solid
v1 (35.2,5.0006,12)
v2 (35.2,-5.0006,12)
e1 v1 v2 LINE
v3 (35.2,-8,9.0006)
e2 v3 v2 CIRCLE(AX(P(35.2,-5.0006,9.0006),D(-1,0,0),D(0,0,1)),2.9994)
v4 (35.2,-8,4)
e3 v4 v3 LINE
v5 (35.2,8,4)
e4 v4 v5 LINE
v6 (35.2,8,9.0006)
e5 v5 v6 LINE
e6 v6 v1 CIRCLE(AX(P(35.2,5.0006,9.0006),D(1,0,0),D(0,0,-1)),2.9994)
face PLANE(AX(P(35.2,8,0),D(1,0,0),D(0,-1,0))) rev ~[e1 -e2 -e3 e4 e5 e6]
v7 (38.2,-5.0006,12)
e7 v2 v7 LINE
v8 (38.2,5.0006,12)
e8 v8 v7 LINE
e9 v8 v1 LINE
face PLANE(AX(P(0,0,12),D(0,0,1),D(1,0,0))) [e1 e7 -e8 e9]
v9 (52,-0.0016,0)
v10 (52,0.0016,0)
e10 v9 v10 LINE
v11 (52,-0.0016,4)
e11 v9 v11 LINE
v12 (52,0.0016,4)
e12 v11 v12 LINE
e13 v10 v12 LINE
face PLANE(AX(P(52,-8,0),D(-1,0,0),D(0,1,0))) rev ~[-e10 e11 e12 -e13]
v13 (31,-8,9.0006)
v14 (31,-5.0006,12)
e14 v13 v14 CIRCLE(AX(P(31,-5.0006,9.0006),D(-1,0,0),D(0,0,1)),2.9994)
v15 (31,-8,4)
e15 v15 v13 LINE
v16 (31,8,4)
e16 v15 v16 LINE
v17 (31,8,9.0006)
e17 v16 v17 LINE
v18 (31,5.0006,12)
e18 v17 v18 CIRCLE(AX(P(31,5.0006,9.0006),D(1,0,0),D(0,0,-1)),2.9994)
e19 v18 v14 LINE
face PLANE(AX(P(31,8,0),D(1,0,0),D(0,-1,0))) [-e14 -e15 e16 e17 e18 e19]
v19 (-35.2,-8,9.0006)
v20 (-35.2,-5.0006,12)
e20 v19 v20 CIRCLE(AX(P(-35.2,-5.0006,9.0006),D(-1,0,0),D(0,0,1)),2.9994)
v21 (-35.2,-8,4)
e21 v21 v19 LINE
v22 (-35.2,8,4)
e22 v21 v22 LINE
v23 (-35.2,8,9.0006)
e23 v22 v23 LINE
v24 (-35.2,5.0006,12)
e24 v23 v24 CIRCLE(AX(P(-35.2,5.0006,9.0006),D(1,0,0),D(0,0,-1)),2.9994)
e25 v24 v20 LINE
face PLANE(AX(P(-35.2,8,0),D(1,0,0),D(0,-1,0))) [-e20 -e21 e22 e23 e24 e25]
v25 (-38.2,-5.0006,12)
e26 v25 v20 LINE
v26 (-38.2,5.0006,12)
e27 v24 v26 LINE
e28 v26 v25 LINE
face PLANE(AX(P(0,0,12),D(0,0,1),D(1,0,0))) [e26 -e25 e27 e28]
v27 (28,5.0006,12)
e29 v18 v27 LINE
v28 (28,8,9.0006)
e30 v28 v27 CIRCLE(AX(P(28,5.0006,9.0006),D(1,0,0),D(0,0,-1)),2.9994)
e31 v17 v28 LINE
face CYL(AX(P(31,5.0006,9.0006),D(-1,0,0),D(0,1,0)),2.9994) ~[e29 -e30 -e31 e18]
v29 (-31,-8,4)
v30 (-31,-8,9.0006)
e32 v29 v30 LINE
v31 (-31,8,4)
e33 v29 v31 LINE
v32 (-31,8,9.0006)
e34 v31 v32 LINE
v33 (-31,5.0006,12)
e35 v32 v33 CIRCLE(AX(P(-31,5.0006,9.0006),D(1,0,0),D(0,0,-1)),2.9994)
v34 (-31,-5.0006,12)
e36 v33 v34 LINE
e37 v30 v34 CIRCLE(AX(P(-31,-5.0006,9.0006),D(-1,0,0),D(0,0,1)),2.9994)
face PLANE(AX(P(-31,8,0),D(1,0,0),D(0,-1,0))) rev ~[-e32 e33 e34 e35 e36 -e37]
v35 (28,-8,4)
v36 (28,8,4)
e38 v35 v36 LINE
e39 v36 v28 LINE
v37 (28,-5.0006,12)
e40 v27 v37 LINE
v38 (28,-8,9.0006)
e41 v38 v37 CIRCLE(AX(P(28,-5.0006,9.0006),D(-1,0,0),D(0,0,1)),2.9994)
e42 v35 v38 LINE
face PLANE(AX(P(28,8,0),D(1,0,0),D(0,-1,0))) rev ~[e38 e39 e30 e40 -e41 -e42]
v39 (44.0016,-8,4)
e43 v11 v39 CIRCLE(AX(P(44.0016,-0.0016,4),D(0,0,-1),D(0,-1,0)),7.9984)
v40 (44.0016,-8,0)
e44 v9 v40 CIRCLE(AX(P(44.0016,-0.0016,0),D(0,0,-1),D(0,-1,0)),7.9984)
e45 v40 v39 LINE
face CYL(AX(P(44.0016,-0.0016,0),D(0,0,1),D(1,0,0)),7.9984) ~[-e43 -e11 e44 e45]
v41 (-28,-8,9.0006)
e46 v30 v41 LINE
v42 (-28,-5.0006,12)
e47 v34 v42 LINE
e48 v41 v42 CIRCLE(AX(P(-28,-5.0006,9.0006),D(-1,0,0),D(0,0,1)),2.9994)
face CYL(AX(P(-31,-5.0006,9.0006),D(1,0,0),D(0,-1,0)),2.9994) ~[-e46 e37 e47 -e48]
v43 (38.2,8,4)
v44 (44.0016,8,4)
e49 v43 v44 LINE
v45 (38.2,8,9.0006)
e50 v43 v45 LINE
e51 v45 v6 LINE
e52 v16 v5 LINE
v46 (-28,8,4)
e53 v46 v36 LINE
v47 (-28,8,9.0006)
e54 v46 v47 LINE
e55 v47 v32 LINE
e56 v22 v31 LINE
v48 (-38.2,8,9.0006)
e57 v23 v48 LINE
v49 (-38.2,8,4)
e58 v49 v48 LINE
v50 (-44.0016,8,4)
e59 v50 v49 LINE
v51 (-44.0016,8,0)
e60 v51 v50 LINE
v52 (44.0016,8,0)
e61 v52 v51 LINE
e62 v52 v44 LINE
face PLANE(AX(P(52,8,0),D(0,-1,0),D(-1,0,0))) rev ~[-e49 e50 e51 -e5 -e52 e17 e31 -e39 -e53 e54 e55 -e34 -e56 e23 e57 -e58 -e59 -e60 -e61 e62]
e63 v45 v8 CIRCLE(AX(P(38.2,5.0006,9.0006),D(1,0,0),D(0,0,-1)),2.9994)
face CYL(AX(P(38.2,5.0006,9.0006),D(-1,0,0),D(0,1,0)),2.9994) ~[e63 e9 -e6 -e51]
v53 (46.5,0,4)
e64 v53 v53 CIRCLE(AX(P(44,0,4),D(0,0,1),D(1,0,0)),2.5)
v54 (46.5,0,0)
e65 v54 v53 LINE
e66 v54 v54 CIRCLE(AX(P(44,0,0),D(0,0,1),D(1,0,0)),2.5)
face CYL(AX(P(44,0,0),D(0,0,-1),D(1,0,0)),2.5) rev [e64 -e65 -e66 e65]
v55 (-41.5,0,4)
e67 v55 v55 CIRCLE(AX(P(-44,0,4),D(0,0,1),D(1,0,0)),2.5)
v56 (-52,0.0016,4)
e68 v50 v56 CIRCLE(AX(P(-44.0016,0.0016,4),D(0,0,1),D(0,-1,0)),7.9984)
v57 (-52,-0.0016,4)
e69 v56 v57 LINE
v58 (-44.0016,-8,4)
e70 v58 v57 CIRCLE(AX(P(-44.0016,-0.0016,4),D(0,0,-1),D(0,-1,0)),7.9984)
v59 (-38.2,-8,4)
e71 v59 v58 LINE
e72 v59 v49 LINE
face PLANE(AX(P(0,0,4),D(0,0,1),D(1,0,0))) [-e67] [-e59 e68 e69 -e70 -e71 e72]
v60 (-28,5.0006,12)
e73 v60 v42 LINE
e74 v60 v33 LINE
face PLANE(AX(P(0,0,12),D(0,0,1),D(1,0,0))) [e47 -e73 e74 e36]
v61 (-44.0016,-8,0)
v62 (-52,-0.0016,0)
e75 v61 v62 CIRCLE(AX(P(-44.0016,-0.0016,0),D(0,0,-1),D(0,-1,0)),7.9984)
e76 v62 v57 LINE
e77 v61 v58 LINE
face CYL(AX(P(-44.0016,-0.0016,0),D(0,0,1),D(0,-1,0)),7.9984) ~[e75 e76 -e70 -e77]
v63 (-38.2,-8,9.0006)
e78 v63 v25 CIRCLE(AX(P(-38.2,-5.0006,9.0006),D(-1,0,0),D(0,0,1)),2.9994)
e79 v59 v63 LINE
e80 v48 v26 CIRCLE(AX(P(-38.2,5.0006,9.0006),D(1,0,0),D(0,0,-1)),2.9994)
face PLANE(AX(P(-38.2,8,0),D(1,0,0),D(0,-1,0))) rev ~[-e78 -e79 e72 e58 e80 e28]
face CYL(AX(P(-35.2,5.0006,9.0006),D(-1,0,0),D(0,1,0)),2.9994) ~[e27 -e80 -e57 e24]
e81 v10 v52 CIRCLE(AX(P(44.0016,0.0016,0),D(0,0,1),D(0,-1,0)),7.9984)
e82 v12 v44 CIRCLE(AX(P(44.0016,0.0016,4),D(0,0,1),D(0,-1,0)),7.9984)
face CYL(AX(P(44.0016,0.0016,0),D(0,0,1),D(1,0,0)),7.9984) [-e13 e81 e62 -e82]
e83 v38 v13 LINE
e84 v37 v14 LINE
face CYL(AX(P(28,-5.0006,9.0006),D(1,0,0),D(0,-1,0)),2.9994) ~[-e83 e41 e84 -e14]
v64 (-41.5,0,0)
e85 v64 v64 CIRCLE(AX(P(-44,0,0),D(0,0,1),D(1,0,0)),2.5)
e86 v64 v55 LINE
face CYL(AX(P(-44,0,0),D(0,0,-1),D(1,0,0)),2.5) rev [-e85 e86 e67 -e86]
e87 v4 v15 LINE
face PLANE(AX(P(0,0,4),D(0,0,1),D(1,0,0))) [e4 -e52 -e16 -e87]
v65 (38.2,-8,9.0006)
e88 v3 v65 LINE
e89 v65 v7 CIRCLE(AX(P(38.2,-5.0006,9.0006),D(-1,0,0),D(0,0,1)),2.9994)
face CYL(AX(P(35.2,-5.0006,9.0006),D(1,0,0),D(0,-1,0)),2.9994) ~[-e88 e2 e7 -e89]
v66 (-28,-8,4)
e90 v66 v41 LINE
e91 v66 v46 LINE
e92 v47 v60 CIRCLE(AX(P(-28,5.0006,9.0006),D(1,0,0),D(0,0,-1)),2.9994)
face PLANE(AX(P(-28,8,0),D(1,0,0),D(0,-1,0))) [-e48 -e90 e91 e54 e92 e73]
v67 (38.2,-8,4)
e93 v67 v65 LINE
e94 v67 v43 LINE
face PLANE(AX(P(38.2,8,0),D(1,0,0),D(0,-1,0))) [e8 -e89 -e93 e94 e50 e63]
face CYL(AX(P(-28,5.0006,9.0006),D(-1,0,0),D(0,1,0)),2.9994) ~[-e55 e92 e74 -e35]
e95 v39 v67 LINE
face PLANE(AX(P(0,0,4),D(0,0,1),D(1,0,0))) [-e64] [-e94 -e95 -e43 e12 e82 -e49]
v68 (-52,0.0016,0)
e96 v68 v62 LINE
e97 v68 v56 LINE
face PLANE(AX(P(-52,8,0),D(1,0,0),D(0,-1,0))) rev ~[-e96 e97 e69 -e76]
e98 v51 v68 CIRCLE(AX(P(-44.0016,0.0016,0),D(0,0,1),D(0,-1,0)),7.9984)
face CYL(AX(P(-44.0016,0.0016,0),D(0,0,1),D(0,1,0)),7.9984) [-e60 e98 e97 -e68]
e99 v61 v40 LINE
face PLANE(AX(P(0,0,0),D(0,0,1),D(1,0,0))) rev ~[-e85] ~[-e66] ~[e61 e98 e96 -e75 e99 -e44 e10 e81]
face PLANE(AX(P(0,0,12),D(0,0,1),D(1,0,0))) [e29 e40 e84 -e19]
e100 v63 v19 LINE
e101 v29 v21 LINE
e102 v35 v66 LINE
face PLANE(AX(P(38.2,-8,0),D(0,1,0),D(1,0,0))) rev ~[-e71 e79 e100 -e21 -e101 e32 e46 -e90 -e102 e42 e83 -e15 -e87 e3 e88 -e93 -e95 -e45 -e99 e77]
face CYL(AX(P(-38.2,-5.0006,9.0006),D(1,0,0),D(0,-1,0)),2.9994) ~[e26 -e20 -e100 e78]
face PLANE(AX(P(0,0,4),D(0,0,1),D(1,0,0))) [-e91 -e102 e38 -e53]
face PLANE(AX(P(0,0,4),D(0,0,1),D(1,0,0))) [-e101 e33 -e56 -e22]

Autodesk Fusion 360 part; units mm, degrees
sketch "Sketch1" plane through (0, 0, 0) normal (0, 0, 1) x (1, 0, 0)
  line L0 (52, 8) -> (-52, 8)
  line L1 (-52, 8) -> (-52, -8)
  line L2 (-52, -8) -> (52, -8)
  line L3 (52, -8) -> (52, 8)
  line L4 (52, 8) -> (-52, -8) construction
  line L5 (-52, 8) -> (52, -8) construction
  circle A0 centre (-44, 0) radius 2.5
  line L6 (-38.2, 8) -> (-38.2, -8)
  line L7 (-35.2, 8) -> (-35.2, -8)
  line L8 (-31, 8) -> (-31, -8)
  line L9 (-28, 8) -> (-28, -8)
  line L10 (0, 1.75) -> (0, 22.5)
  line L11 (28, 8) -> (28, -8)
  line L12 (31, 8) -> (31, -8)
  line L13 (35.2, 8) -> (35.2, -8)
  line L14 (38.2, 8) -> (38.2, -8)
  circle A1 centre (44, 0) radius 2.5
  dimension "d1" = 104
  dimension "d2" = 16
  dimension "d3" = 5
  dimension "d4" = 8
  dimension "d6" = 3
  dimension "d7" = 31
  dimension "d8" = 3
  dimension "d9" = 4.2
extrude "Extrude1" add sketch "Sketch1" along normal blind 4
extrude "Extrude2" add sketch "Sketch1" along normal blind 12 contours L0 L2 L13 L14 | L0 L2 L11 L12 | L0 L2 L8 L9 | L0 L2 L6 L7
fillet "Fillet1" radius 8 4 edges at (-52, -8, 2) (-52, 8, 2) (52, 8, 2) (52, -8, 2)
fillet "Fillet1" radius 3 8 edges at (-36.7, -8, 12) (-36.7, 8, 12) (-29.5, -8, 12) (-29.5, 8, 12) (29.5, 8, 12) (29.5, -8, 12) (36.7, -8, 12) (36.7, 8, 12)
